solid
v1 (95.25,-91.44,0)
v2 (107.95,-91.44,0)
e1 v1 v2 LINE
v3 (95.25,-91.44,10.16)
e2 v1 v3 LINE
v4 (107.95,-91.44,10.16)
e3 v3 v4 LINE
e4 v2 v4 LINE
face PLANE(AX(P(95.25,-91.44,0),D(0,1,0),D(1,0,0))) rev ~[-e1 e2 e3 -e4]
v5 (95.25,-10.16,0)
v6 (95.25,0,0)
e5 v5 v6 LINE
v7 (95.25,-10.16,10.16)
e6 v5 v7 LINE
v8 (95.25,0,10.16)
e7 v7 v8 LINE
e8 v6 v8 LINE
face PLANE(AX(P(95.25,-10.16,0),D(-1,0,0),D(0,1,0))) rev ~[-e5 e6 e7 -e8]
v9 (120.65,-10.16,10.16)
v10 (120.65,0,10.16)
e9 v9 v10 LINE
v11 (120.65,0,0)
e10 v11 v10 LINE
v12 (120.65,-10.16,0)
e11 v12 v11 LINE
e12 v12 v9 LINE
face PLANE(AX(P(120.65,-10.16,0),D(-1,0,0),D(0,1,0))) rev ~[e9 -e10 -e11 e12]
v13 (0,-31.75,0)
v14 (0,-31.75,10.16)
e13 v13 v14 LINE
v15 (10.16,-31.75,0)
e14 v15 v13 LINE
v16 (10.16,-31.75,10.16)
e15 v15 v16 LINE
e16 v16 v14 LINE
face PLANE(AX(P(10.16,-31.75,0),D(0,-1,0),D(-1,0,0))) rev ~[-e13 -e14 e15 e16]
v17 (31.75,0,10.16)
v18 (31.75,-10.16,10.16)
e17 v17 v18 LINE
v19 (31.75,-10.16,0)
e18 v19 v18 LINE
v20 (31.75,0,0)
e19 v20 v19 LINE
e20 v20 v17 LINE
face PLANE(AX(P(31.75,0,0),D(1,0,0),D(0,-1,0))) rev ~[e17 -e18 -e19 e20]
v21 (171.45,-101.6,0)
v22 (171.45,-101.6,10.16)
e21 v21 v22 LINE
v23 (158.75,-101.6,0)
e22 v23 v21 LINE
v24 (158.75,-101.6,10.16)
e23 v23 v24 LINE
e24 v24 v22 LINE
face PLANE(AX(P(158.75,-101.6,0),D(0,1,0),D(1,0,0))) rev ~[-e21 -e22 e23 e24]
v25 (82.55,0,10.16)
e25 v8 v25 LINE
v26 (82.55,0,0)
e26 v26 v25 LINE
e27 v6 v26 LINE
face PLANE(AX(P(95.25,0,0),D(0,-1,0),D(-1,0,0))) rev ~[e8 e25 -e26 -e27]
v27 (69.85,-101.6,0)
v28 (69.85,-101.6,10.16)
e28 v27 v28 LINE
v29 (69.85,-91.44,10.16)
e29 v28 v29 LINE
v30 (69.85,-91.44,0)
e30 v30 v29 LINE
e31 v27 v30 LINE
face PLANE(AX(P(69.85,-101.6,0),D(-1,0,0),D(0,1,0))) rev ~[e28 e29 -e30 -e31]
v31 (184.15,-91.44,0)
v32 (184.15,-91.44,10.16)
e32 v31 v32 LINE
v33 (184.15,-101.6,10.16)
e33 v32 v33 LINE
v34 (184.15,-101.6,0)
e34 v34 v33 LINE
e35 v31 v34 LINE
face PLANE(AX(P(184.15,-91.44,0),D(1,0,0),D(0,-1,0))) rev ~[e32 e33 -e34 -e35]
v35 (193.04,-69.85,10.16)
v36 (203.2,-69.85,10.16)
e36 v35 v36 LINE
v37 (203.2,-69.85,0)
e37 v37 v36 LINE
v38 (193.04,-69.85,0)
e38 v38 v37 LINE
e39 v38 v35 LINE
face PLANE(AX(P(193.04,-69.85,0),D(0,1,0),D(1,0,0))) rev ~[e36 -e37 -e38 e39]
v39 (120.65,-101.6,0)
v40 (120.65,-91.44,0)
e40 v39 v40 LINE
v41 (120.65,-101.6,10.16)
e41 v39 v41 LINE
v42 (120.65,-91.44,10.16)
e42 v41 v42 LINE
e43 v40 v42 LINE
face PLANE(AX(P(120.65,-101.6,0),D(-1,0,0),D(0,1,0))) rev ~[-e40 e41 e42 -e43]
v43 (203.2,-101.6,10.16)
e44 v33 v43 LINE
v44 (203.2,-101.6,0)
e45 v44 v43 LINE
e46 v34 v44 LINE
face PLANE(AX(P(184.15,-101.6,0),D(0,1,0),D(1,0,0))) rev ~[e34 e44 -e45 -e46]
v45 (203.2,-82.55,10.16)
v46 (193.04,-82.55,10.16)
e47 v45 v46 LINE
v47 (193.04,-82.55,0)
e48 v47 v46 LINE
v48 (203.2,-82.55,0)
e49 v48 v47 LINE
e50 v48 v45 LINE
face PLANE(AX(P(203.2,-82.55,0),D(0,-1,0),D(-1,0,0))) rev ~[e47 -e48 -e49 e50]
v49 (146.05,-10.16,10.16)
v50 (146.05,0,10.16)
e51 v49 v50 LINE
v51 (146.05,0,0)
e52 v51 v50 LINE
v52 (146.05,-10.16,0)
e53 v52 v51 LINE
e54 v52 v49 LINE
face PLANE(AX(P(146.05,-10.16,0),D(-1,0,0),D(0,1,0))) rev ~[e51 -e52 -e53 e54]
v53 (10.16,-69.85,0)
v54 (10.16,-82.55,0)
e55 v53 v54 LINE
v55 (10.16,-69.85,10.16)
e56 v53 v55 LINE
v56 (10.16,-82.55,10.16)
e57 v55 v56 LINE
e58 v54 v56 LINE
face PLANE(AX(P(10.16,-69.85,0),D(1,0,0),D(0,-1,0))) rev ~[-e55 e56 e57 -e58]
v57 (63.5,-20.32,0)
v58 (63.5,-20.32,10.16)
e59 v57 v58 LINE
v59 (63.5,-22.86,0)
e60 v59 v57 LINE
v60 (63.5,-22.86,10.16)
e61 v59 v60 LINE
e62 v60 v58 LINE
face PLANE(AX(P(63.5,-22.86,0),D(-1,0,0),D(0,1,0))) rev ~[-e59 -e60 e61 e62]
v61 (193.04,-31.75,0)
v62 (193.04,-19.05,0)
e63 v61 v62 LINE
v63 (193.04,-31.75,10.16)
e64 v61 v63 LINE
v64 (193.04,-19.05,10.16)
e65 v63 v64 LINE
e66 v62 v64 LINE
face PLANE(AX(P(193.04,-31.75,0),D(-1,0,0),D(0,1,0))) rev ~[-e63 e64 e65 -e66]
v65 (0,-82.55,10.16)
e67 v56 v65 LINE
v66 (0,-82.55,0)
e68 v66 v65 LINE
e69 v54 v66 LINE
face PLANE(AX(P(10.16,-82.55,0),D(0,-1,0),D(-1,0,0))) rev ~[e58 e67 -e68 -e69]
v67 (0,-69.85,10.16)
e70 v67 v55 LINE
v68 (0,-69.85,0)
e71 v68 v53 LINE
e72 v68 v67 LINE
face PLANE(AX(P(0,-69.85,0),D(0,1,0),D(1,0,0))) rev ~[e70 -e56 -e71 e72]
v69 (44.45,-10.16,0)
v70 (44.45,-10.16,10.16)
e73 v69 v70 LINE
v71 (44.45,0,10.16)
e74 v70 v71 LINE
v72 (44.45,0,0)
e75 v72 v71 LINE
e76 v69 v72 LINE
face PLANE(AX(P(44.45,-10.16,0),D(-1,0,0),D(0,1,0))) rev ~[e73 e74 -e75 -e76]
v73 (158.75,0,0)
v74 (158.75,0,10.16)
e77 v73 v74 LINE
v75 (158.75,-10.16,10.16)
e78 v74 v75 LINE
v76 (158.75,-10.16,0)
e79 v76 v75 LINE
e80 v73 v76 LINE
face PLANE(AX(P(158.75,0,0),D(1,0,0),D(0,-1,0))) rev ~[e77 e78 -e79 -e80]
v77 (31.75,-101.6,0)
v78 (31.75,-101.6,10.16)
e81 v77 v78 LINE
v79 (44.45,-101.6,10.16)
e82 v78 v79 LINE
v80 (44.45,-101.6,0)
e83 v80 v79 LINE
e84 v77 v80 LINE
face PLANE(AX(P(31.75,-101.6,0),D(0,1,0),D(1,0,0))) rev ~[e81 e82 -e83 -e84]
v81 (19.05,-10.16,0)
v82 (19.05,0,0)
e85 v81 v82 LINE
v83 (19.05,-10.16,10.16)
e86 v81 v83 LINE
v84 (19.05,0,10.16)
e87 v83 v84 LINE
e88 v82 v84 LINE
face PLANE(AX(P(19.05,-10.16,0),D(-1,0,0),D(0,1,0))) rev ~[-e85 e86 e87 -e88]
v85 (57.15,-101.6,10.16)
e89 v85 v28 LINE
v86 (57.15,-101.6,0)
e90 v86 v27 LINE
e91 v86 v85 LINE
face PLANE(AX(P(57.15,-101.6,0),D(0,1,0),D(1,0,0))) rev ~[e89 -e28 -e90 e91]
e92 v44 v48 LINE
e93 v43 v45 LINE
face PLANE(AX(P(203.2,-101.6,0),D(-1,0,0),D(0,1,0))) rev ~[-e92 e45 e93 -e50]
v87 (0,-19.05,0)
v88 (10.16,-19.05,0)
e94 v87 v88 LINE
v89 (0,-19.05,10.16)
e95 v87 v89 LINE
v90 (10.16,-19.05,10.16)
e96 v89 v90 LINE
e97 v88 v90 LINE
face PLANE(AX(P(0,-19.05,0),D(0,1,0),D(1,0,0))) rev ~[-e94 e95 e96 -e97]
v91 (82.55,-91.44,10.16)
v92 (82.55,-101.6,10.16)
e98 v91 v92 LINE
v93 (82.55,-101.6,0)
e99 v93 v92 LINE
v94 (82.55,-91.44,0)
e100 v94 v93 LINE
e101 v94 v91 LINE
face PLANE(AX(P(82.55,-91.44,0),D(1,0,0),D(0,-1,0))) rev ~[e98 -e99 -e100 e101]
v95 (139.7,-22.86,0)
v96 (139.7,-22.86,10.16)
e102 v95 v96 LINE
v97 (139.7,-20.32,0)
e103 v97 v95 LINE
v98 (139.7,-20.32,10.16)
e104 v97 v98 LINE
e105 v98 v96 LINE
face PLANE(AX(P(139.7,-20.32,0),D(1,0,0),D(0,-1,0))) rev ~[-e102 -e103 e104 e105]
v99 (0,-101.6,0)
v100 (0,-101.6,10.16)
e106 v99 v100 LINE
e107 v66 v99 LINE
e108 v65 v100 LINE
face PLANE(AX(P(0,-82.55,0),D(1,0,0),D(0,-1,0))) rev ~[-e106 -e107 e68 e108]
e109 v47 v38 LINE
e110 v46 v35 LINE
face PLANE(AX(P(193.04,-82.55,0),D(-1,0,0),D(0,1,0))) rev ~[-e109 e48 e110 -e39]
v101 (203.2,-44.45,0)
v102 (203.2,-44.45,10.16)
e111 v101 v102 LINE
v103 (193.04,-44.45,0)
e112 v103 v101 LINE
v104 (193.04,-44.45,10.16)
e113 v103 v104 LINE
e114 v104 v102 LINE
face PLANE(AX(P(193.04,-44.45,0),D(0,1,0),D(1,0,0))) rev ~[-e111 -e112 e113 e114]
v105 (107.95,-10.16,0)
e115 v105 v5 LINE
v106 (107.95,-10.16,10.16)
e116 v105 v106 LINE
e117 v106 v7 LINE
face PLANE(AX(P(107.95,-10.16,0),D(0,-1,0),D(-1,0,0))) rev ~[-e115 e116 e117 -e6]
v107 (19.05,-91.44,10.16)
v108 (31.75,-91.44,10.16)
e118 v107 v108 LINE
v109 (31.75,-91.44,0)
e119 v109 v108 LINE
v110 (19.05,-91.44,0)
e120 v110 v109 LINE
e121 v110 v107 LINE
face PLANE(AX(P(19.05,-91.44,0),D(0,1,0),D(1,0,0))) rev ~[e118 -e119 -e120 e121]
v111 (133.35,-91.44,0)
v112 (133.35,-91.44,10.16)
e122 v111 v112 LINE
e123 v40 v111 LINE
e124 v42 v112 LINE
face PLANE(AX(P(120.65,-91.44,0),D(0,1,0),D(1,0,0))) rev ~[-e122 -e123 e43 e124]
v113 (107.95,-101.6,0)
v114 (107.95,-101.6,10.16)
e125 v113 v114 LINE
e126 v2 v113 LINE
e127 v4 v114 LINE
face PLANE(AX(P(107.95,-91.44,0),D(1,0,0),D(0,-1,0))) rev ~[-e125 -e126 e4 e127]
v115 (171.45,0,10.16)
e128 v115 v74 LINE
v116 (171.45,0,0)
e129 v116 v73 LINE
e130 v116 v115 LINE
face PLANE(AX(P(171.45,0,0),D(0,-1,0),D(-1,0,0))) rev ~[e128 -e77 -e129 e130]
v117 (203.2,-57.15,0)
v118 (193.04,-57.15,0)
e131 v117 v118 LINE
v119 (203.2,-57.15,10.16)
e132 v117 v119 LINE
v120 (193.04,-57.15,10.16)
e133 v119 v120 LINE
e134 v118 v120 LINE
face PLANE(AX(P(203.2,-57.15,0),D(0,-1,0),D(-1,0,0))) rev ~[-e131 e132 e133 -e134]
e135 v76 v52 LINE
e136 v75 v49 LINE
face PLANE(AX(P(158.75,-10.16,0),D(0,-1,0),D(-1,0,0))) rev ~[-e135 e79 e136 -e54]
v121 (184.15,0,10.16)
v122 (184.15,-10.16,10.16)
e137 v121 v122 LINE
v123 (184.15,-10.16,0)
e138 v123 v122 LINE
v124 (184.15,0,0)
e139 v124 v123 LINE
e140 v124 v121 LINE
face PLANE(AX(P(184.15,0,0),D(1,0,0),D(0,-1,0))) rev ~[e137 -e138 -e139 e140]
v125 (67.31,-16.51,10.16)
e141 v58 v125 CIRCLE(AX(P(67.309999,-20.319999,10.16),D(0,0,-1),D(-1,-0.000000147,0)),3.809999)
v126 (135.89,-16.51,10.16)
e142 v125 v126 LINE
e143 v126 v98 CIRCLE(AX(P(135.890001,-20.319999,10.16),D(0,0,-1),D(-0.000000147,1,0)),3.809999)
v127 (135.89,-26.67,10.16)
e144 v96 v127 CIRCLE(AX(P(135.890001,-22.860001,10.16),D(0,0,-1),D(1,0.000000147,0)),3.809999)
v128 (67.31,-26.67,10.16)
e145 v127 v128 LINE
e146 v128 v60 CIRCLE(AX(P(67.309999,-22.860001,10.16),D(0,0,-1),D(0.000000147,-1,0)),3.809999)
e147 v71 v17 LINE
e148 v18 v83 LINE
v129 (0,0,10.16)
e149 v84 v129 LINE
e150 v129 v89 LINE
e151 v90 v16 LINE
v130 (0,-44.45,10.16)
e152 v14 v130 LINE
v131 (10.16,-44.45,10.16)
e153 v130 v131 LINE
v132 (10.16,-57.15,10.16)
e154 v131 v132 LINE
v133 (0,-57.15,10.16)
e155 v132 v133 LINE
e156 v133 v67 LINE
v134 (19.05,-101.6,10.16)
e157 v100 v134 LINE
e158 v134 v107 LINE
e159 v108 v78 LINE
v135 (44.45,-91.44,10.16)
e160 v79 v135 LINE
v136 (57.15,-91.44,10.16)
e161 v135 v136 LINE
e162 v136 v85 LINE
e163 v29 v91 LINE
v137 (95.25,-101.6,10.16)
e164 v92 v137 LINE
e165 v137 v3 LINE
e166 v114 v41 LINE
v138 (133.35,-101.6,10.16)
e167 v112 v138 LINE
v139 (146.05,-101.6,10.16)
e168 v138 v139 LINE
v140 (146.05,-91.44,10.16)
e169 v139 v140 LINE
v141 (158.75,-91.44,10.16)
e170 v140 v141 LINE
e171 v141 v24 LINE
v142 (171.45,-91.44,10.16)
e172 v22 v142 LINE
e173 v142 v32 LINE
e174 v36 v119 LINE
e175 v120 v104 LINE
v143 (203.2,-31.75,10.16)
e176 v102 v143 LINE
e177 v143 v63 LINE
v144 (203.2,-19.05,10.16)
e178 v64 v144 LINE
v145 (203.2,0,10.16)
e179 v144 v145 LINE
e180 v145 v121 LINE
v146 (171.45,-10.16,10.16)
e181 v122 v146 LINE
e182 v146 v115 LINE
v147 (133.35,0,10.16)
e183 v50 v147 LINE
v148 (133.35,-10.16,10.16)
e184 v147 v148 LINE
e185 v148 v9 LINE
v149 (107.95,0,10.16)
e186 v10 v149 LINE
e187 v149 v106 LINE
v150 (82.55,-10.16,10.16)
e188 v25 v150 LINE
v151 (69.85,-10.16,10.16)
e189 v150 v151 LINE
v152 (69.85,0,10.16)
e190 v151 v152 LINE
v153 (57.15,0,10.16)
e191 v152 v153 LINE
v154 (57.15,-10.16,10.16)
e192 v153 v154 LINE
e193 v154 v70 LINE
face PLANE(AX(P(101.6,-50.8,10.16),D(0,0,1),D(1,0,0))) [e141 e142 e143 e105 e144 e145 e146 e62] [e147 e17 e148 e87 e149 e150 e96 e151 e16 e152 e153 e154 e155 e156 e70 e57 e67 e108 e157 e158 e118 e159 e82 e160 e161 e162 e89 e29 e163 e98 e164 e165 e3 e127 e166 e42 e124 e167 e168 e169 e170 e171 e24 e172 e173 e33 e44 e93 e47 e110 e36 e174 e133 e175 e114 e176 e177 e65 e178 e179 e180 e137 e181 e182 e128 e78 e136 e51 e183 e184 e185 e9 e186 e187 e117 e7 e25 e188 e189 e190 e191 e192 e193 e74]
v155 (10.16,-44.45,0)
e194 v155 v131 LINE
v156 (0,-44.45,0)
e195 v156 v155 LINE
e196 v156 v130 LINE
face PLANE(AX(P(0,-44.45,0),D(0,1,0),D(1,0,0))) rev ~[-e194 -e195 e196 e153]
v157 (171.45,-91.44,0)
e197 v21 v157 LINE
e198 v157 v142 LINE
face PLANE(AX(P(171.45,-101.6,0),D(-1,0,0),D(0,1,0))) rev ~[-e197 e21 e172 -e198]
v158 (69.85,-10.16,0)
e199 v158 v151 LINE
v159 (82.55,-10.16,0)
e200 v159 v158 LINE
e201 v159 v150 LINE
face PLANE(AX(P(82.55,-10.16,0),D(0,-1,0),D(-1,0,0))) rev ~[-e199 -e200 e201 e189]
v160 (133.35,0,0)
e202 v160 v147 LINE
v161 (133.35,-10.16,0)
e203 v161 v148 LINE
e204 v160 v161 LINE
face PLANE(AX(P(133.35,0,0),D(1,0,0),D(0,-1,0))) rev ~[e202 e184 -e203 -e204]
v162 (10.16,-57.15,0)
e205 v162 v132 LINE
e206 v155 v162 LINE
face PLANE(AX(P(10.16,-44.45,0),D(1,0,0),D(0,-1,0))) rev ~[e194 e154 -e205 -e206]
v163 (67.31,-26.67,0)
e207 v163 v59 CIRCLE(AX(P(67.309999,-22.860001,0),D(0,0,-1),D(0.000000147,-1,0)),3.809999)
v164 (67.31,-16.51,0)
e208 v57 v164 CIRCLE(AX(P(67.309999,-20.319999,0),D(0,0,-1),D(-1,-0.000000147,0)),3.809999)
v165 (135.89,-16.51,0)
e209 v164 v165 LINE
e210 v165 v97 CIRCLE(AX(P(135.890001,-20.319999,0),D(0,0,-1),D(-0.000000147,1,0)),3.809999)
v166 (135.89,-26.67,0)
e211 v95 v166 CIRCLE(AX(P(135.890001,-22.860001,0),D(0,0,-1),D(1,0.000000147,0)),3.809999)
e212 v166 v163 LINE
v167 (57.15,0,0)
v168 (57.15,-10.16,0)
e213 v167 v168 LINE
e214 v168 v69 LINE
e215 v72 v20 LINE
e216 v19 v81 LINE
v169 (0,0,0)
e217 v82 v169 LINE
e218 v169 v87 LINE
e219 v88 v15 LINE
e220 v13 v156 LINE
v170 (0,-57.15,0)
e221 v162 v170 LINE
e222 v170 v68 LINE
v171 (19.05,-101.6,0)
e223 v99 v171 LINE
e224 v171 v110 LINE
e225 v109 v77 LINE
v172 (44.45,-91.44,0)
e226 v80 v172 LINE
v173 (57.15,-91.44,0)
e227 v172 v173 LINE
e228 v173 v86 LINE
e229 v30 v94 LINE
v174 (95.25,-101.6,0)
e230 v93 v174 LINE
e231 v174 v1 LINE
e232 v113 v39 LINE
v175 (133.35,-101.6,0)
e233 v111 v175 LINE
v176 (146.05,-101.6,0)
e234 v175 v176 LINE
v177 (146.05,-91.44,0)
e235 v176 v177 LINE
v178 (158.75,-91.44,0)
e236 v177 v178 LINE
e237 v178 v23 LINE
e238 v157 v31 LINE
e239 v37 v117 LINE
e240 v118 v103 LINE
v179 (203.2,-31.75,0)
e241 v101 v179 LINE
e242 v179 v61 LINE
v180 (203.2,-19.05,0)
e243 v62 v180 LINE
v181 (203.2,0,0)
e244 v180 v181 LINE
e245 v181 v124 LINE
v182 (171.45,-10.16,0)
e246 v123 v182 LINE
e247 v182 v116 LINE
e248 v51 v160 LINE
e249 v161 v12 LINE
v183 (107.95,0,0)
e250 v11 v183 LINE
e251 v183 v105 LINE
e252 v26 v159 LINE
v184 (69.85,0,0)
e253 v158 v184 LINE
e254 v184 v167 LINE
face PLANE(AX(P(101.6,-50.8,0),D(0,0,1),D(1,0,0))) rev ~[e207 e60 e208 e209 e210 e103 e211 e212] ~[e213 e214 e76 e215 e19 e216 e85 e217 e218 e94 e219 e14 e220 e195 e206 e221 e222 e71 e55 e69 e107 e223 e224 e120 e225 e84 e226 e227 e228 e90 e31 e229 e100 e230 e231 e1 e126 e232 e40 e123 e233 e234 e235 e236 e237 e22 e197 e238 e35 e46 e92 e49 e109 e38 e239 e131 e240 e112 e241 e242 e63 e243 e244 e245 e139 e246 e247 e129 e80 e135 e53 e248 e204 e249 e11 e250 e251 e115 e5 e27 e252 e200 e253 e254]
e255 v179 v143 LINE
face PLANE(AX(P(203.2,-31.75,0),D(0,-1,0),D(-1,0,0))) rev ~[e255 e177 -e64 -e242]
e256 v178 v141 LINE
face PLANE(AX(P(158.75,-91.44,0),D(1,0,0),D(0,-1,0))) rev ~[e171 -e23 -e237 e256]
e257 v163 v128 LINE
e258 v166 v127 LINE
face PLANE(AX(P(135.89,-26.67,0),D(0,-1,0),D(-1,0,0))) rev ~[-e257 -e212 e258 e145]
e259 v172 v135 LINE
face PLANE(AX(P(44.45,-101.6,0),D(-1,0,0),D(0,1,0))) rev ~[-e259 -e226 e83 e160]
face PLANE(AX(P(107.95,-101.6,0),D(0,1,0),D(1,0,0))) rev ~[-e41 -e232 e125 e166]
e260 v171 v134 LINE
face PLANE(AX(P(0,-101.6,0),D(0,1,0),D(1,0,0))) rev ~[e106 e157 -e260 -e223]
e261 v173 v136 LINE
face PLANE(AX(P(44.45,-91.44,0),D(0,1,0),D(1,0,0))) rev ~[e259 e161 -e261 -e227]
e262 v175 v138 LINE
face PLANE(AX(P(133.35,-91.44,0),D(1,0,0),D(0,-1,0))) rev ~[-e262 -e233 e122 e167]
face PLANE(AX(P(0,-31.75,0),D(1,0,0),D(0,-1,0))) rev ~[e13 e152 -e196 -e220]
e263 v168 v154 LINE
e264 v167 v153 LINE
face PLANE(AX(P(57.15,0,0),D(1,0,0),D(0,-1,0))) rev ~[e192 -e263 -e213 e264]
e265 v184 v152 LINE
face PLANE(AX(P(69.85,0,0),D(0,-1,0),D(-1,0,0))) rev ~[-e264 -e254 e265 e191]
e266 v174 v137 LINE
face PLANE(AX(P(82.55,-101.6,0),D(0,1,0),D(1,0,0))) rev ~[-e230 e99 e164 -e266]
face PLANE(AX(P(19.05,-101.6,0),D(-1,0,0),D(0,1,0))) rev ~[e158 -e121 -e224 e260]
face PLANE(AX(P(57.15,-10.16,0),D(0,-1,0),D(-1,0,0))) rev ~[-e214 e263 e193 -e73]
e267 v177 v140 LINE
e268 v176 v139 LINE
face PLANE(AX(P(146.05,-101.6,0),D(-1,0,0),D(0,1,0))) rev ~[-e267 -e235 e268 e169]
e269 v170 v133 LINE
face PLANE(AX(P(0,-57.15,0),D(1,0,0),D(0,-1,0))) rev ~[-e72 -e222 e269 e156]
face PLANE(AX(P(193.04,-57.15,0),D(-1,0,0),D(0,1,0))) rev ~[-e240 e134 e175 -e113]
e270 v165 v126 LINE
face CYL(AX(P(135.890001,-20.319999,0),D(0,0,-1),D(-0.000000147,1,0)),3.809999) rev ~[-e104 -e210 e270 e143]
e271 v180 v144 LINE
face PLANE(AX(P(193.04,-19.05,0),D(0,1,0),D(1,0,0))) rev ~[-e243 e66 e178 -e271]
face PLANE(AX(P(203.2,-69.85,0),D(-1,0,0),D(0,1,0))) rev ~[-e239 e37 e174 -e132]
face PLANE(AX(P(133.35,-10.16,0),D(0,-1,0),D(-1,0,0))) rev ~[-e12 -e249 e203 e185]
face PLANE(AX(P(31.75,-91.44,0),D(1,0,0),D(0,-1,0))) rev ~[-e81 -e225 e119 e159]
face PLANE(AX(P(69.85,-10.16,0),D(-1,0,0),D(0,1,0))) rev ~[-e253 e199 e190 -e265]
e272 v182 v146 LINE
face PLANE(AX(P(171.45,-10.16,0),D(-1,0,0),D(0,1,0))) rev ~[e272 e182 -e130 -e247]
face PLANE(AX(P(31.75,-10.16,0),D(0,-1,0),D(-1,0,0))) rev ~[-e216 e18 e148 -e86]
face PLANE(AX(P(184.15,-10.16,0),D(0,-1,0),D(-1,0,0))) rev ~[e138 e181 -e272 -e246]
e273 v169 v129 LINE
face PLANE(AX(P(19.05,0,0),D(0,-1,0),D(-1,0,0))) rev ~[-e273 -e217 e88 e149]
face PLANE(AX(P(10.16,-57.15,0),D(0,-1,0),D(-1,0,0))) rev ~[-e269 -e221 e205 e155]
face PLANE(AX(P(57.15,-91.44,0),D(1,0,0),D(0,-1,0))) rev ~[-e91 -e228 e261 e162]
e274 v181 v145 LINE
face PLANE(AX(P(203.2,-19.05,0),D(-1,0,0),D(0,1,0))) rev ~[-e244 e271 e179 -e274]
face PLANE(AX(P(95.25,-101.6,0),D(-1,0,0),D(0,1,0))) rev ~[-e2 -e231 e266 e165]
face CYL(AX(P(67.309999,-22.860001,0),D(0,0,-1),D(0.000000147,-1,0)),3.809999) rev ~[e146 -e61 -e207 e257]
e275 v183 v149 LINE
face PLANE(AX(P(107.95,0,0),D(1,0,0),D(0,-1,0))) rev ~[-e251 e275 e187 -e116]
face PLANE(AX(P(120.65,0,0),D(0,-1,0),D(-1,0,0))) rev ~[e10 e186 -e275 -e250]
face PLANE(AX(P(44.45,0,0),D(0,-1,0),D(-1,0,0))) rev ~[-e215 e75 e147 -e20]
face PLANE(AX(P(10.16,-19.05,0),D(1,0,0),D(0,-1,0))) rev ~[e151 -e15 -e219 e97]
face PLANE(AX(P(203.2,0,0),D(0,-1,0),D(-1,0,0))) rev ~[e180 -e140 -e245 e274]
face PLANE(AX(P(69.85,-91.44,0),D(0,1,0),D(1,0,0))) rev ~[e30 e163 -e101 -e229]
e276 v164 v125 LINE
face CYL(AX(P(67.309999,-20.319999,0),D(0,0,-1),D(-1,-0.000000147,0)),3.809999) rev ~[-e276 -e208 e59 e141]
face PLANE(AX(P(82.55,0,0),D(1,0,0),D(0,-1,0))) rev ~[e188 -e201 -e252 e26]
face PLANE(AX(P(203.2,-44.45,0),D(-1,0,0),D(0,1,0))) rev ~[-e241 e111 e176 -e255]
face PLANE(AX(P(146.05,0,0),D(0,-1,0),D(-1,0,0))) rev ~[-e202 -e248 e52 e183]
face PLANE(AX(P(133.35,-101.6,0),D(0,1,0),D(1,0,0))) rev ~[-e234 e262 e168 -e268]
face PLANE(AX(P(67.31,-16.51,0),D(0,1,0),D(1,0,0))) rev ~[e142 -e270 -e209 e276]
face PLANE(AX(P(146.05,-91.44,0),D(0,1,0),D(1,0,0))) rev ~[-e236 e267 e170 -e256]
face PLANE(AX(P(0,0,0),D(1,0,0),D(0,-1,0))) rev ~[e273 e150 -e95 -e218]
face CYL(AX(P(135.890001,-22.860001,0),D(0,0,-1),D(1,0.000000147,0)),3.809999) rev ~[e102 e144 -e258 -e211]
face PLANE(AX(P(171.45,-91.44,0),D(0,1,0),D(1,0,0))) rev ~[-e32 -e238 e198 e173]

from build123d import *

# Parameters (mm, degrees)
F1_DEPTH = 10.16


with BuildPart() as f1:
    # F0 (on Top) → F1 (new body)
    with BuildSketch(Plane.XY):
        Polygon((19.05, 0), (0, 0), (0, -19.05), (10.16, -19.05), (10.16, -31.75), (0, -31.75), (0, -44.45), (10.16, -44.45), (10.16, -57.15), (0, -57.15), (0, -69.85), (10.16, -69.85), (10.16, -82.55), (0, -82.55), (0, -101.6), (19.05, -101.6), (19.05, -91.44), (31.75, -91.44), (31.75, -101.6), (44.45, -101.6), (44.45, -91.44), (57.15, -91.44), (57.15, -101.6), (69.85, -101.6), (69.85, -91.44), (82.55, -91.44), (82.55, -101.6), (95.25, -101.6), (95.25, -91.44), (107.95, -91.44), (107.95, -101.6), (120.65, -101.6), (120.65, -91.44), (133.35, -91.44), (133.35, -101.6), (146.05, -101.6), (146.05, -91.44), (158.75, -91.44), (158.75, -101.6), (171.45, -101.6), (171.45, -91.44), (184.15, -91.44), (184.15, -101.6), (203.2, -101.6), (203.2, -82.55), (193.04, -82.55), (193.04, -69.85), (203.2, -69.85), (203.2, -57.15), (193.04, -57.15), (193.04, -44.45), (203.2, -44.45), (203.2, -31.75), (193.04, -31.75), (193.04, -19.05), (203.2, -19.05), (203.2, 0), (184.15, 0), (184.15, -10.16), (171.45, -10.16), (171.45, 0), (158.75, 0), (158.75, -10.16), (146.05, -10.16), (146.05, 0), (133.35, 0), (133.35, -10.16), (120.65, -10.16), (120.65, 0), (107.95, 0), (107.95, -10.16), (95.25, -10.16), (95.25, 0), (82.55, 0), (82.55, -10.16), (69.85, -10.16), (69.85, 0), (57.15, 0), (57.15, -10.16), (44.45, -10.16), (44.45, 0), (31.75, 0), (31.75, -10.16), (19.05, -10.16), align=None)
        with BuildLine():
            ThreePointArc((63.5, -20.32), (64.615923, -17.625923), (67.31, -16.51))
            Line((67.31, -16.51), (135.89, -16.51))
            ThreePointArc((135.89, -16.51), (138.584077, -17.625923), (139.7, -20.32))
            Line((139.7, -20.32), (139.7, -22.86))
            ThreePointArc((139.7, -22.86), (138.584077, -25.554077), (135.89, -26.67))
            Line((135.89, -26.67), (67.31, -26.67))
            ThreePointArc((67.31, -26.67), (64.615923, -25.554077), (63.5, -22.86))
            Line((63.5, -22.86), (63.5, -20.32))
        make_face(mode=Mode.SUBTRACT)
    extrude(amount=F1_DEPTH)


solid = f1.part
